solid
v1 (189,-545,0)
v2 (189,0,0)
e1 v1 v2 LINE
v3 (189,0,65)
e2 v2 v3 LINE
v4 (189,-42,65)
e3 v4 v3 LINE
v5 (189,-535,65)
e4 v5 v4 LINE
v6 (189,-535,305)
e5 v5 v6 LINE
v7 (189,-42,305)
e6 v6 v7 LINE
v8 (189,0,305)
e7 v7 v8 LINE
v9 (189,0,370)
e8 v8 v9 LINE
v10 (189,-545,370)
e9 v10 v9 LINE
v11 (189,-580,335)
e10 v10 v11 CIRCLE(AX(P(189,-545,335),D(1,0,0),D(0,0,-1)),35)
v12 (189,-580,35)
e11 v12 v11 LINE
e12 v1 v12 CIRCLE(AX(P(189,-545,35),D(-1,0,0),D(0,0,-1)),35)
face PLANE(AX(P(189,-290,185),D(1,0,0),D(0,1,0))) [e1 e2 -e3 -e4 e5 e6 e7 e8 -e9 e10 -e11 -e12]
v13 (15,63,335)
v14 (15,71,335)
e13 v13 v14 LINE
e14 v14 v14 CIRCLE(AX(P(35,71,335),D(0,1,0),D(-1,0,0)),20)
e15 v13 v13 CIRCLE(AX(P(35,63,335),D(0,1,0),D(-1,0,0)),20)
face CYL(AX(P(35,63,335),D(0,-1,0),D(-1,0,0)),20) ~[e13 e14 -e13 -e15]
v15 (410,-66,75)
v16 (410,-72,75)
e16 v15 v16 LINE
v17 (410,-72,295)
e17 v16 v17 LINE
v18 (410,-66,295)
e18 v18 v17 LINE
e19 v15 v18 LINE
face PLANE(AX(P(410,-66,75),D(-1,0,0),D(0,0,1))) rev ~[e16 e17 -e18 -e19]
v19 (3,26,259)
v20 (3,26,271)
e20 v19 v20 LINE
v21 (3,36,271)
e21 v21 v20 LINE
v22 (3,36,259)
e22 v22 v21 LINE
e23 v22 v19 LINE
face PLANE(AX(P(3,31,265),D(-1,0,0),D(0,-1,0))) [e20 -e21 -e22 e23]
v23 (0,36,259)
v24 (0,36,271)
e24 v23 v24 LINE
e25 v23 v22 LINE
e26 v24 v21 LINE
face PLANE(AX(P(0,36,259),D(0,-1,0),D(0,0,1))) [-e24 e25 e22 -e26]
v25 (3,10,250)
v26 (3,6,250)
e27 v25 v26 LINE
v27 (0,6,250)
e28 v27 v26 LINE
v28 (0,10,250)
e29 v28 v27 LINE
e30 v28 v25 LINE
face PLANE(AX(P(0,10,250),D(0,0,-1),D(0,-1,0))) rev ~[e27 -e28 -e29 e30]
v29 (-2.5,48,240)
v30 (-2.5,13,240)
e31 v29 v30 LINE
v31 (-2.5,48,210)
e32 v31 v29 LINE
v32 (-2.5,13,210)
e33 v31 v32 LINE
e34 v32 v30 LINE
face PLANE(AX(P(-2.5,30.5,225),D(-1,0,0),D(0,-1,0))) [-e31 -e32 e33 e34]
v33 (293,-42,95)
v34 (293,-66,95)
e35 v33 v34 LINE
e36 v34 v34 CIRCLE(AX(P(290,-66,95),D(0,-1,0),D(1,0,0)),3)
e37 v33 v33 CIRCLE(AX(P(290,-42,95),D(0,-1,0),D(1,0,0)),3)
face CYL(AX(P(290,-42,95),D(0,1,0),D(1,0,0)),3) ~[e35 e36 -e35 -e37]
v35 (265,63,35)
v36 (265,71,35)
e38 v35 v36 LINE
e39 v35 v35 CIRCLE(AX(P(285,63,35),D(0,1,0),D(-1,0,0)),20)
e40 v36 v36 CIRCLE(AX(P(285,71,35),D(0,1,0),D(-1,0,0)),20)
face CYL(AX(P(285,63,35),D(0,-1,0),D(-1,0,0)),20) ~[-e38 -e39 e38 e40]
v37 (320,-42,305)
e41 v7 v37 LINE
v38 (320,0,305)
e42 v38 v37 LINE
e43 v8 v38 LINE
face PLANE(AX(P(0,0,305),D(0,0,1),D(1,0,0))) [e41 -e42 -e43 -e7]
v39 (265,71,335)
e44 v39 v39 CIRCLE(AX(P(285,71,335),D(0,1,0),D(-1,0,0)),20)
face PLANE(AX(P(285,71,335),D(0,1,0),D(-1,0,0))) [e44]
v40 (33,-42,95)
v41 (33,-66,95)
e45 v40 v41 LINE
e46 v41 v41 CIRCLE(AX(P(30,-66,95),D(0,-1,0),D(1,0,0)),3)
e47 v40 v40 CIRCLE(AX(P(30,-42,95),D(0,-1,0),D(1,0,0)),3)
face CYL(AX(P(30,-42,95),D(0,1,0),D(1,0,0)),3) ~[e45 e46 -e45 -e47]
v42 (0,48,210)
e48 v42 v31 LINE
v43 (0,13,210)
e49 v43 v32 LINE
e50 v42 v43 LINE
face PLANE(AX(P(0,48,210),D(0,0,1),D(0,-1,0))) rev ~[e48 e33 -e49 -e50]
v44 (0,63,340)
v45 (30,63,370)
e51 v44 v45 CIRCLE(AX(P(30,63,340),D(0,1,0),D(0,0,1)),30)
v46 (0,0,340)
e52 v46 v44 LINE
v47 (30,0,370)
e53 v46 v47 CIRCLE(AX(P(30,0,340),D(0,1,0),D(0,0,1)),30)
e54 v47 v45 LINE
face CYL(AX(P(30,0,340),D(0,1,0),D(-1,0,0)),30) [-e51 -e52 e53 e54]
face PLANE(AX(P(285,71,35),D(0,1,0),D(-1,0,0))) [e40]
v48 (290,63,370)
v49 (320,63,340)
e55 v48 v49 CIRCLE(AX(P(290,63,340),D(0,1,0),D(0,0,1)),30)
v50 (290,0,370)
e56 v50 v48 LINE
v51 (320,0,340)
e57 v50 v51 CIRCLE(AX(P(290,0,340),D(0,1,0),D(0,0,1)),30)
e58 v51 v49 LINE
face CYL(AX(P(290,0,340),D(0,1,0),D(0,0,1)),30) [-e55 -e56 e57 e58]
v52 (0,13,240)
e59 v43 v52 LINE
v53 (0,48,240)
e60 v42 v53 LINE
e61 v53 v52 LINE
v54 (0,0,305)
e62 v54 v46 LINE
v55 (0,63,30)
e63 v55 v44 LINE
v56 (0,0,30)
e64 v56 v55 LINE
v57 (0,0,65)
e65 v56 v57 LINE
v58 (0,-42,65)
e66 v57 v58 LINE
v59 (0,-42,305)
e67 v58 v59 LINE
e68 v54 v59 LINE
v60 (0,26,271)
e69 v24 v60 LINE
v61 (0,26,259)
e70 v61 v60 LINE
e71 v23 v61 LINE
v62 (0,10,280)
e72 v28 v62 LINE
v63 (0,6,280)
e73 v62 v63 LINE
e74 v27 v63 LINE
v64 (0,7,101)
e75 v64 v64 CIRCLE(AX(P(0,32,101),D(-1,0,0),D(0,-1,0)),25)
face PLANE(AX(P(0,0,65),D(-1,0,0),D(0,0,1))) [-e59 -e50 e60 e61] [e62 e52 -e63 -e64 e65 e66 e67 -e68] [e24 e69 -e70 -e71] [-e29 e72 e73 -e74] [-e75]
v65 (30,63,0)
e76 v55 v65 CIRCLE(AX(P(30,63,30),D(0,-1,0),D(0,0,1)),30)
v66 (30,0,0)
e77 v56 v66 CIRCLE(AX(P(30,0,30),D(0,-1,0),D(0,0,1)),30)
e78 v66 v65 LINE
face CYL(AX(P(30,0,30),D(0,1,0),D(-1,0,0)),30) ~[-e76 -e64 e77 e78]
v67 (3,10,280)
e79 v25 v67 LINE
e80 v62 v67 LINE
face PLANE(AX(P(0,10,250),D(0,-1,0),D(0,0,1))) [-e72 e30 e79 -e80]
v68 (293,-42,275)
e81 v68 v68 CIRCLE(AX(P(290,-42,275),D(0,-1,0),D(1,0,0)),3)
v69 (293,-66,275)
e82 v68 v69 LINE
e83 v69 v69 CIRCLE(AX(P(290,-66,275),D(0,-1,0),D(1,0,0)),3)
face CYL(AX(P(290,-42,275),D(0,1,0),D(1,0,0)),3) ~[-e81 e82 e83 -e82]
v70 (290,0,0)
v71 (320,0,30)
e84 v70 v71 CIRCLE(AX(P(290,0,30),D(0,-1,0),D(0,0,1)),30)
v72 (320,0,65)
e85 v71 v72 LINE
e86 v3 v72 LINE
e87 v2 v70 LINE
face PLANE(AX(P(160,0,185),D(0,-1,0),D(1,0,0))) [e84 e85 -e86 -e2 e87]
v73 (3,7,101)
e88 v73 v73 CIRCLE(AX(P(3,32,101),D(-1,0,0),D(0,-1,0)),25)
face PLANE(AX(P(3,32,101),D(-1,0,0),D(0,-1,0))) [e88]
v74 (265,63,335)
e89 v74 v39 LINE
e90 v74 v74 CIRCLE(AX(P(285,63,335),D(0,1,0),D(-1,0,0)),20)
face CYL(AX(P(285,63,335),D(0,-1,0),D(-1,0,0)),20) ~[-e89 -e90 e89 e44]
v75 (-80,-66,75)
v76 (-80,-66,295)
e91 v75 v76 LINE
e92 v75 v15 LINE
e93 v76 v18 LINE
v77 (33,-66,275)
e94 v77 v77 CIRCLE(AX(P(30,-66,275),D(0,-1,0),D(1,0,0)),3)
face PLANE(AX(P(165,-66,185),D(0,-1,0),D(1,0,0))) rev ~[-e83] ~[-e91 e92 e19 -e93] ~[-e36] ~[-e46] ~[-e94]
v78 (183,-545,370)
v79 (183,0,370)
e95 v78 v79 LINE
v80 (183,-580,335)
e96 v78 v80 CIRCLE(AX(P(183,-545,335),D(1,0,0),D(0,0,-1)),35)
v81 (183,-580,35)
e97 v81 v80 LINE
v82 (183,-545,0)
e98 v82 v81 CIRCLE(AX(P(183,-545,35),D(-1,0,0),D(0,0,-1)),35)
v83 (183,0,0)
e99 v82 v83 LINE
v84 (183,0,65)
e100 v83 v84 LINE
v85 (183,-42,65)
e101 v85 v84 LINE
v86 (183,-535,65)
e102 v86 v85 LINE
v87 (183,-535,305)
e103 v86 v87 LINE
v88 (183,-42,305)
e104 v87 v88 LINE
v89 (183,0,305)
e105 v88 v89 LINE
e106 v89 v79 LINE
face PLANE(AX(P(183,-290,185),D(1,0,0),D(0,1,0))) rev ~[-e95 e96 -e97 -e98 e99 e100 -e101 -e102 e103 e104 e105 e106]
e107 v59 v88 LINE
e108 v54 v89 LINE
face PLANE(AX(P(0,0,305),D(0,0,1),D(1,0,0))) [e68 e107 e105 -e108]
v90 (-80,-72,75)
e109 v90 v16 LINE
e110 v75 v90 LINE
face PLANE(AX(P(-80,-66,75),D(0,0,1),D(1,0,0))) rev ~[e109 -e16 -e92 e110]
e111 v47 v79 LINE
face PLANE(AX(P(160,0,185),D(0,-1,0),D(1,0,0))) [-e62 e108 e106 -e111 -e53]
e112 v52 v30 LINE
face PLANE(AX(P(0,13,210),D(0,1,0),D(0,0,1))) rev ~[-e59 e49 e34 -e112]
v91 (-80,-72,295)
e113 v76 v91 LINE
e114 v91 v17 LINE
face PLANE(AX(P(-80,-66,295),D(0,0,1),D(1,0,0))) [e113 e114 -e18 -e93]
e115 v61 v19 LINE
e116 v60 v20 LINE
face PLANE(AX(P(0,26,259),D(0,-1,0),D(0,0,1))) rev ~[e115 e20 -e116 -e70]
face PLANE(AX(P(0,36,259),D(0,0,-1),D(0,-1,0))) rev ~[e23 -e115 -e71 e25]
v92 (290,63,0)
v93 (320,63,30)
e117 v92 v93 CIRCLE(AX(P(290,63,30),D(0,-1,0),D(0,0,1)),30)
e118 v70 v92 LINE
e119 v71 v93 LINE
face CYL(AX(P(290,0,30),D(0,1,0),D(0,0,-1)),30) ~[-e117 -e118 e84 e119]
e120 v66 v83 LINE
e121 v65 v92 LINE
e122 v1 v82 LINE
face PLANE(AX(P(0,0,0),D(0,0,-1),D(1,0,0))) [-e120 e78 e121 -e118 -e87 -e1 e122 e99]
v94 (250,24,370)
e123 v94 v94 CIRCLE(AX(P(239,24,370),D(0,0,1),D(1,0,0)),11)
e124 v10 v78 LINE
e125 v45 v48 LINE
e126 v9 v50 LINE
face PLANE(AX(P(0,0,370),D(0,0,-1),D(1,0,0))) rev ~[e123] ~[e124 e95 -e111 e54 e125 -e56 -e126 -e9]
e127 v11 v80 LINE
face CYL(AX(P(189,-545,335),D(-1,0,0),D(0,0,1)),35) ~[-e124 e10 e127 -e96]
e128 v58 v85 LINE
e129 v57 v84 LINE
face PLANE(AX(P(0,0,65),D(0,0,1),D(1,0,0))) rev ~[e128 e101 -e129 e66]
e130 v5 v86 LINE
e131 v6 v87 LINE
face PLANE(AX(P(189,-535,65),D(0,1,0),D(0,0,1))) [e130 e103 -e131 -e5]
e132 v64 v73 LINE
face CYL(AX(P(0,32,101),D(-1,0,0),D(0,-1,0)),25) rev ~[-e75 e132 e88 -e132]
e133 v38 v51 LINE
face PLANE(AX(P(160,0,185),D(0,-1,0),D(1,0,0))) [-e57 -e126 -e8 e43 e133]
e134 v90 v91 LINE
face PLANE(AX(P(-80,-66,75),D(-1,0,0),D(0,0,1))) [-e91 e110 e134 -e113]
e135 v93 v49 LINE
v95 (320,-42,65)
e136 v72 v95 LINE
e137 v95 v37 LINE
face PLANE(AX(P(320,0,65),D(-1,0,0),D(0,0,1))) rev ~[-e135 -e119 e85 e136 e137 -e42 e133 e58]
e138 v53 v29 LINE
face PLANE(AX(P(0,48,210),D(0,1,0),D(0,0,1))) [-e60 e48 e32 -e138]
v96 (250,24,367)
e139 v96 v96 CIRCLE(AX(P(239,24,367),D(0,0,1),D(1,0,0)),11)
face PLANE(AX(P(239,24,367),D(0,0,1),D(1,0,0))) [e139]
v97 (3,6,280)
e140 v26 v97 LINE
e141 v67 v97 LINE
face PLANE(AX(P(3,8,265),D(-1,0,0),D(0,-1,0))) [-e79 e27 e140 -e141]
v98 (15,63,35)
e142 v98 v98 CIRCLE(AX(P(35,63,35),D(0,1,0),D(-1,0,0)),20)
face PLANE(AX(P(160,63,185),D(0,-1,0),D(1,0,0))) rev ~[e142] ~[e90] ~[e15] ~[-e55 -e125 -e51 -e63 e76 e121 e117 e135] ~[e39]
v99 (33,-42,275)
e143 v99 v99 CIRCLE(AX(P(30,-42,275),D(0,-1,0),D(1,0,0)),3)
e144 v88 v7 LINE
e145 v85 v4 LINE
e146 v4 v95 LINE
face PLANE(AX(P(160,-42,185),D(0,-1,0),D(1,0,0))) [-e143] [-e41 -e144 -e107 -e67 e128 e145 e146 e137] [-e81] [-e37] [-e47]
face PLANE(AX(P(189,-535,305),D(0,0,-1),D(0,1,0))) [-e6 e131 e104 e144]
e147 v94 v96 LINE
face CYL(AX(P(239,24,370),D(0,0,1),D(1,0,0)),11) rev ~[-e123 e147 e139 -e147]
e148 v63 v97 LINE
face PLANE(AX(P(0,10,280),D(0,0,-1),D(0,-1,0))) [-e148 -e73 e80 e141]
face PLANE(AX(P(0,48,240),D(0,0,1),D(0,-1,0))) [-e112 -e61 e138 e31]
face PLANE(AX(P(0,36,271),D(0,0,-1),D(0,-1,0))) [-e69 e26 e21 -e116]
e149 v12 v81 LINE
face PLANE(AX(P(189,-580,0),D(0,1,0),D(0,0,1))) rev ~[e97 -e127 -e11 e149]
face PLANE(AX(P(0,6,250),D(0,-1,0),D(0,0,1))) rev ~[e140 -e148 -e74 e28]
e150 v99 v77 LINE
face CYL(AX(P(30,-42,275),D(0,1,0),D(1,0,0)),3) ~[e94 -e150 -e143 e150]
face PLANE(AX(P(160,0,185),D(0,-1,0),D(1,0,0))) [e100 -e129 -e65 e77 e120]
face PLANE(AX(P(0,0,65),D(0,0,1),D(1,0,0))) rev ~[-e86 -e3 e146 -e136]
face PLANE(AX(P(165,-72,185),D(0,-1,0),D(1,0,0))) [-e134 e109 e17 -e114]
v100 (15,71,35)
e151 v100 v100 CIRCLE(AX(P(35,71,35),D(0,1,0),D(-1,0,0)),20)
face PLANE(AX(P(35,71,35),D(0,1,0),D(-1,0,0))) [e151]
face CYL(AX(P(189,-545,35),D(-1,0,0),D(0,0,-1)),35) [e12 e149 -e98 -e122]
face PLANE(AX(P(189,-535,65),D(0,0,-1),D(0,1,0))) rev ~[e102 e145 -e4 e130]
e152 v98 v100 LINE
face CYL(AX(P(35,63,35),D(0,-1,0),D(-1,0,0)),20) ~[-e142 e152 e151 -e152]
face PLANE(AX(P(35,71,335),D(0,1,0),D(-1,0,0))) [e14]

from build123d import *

# Parameters (mm, degrees)
F0_W      = 320
F0_H      = 370
F1_DEPTH  = 63
F2_R      = 20
F3_DEPTH  = 8
F4_R      = 30
F6_W      = 580
F6_H      = 370
F7_DEPTH  = 6
F8_W      = 535
F8_H      = 240
F9_DEPTH  = 189.001
F10_R     = 35
F11_W     = 320
F11_H     = 240
F12_DEPTH = 42
F13_R     = 11
F14_DEPTH = 3
F15_R     = 25
F15_W     = 4
F15_H     = 30
F15_W_2   = 10
F15_H_2   = 12
F16_DEPTH = 3
F15_W_3   = 35
F17_DEPTH = 2.5
F18_R     = 3
F19_DEPTH = 24
F21_W     = 490
F21_H     = 220
F22_DEPTH = 6


with BuildPart() as f1:
    # F0 (on Front) → F1 (new body)
    with BuildSketch(Plane.XZ):
        with Locations((160, 185)):
            Rectangle(F0_W, F0_H)
    extrude(amount=-F1_DEPTH)

    # F2 (on face) → F3 (join)
    with BuildSketch(Plane(origin=(0, 63, 0), x_dir=(-1, 0, 0), z_dir=(0, 1, 0))):
        with Locations((-285, 35)):
            Circle(F2_R)
        with Locations((-285, 335)):
            Circle(F2_R)
        with Locations((-35, 335)):
            Circle(F2_R)
        with Locations((-35, 35)):
            Circle(F2_R)
    extrude(amount=F3_DEPTH)

    # F4
    f4_edges = [f1.edges().sort_by_distance(p)[0] for p in [
        (0, 31.5, 0),
        (320, 31.5, 0),
        (320, 31.5, 370),
        (0, 31.5, 370),
    ]]
    fillet(f4_edges, radius=F4_R)

    # F6 (on line) → F7 (join)
    with BuildSketch(Plane.YZ.offset(189)):
        with Locations((-290, 185)):
            Rectangle(F6_W, F6_H)
    extrude(amount=-F7_DEPTH)

    # F8 (on face) → F9 (cut, through all)
    with BuildSketch(Plane.YZ.offset(189)):
        with Locations((-267.5, 185)):
            Rectangle(F8_W, F8_H)
    extrude(amount=-F9_DEPTH, mode=Mode.SUBTRACT)

    # F10
    f10_edges = [f1.edges().sort_by_distance(p)[0] for p in [
        (186, -580, 0),
        (186, -580, 370),
    ]]
    fillet(f10_edges, radius=F10_R)

    # F11 (on face) → F12 (join)
    with BuildSketch(Plane.XZ):
        with Locations((160, 185)):
            Rectangle(F11_W, F11_H)
    extrude(amount=F12_DEPTH)

    # F13 (on face) → F14 (cut)
    with BuildSketch(Plane.XY.offset(370)):
        with Locations((239, 24)):
            Circle(F13_R)
    extrude(amount=-F14_DEPTH, mode=Mode.SUBTRACT)

    # F15 (on face) → F16 (cut)
    with BuildSketch(Plane(origin=(0, 0, 0), x_dir=(0, -1, 0), z_dir=(-1, 0, 0))):
        with Locations((-32, 101)):
            Circle(F15_R)
        with Locations((-8, 265)):
            Rectangle(F15_W, F15_H)
        with Locations((-31, 265)):
            Rectangle(F15_W_2, F15_H_2)
    extrude(amount=-F16_DEPTH, mode=Mode.SUBTRACT)

    # F15 (on face) → F17 (join)
    with BuildSketch(Plane(origin=(0, 0, 0), x_dir=(0, -1, 0), z_dir=(-1, 0, 0))):
        with Locations((-30.5, 225)):
            Rectangle(F15_W_3, F15_H)
    extrude(amount=F17_DEPTH)

    # F18 (on face) → F19 (join)
    with BuildSketch(Plane.XZ.offset(42)):
        with Locations((30, 95)):
            Circle(F18_R)
        with Locations((30, 275)):
            Circle(F18_R)
        with Locations((290, 95)):
            Circle(F18_R)
        with Locations((290, 275)):
            Circle(F18_R)
    extrude(amount=F19_DEPTH)

    # F21 (on offset) → F22 (join)
    with BuildSketch(Plane.XZ.offset(66)):
        with Locations((165, 185)):
            Rectangle(F21_W, F21_H)
    extrude(amount=F22_DEPTH)


solid = f1.part
